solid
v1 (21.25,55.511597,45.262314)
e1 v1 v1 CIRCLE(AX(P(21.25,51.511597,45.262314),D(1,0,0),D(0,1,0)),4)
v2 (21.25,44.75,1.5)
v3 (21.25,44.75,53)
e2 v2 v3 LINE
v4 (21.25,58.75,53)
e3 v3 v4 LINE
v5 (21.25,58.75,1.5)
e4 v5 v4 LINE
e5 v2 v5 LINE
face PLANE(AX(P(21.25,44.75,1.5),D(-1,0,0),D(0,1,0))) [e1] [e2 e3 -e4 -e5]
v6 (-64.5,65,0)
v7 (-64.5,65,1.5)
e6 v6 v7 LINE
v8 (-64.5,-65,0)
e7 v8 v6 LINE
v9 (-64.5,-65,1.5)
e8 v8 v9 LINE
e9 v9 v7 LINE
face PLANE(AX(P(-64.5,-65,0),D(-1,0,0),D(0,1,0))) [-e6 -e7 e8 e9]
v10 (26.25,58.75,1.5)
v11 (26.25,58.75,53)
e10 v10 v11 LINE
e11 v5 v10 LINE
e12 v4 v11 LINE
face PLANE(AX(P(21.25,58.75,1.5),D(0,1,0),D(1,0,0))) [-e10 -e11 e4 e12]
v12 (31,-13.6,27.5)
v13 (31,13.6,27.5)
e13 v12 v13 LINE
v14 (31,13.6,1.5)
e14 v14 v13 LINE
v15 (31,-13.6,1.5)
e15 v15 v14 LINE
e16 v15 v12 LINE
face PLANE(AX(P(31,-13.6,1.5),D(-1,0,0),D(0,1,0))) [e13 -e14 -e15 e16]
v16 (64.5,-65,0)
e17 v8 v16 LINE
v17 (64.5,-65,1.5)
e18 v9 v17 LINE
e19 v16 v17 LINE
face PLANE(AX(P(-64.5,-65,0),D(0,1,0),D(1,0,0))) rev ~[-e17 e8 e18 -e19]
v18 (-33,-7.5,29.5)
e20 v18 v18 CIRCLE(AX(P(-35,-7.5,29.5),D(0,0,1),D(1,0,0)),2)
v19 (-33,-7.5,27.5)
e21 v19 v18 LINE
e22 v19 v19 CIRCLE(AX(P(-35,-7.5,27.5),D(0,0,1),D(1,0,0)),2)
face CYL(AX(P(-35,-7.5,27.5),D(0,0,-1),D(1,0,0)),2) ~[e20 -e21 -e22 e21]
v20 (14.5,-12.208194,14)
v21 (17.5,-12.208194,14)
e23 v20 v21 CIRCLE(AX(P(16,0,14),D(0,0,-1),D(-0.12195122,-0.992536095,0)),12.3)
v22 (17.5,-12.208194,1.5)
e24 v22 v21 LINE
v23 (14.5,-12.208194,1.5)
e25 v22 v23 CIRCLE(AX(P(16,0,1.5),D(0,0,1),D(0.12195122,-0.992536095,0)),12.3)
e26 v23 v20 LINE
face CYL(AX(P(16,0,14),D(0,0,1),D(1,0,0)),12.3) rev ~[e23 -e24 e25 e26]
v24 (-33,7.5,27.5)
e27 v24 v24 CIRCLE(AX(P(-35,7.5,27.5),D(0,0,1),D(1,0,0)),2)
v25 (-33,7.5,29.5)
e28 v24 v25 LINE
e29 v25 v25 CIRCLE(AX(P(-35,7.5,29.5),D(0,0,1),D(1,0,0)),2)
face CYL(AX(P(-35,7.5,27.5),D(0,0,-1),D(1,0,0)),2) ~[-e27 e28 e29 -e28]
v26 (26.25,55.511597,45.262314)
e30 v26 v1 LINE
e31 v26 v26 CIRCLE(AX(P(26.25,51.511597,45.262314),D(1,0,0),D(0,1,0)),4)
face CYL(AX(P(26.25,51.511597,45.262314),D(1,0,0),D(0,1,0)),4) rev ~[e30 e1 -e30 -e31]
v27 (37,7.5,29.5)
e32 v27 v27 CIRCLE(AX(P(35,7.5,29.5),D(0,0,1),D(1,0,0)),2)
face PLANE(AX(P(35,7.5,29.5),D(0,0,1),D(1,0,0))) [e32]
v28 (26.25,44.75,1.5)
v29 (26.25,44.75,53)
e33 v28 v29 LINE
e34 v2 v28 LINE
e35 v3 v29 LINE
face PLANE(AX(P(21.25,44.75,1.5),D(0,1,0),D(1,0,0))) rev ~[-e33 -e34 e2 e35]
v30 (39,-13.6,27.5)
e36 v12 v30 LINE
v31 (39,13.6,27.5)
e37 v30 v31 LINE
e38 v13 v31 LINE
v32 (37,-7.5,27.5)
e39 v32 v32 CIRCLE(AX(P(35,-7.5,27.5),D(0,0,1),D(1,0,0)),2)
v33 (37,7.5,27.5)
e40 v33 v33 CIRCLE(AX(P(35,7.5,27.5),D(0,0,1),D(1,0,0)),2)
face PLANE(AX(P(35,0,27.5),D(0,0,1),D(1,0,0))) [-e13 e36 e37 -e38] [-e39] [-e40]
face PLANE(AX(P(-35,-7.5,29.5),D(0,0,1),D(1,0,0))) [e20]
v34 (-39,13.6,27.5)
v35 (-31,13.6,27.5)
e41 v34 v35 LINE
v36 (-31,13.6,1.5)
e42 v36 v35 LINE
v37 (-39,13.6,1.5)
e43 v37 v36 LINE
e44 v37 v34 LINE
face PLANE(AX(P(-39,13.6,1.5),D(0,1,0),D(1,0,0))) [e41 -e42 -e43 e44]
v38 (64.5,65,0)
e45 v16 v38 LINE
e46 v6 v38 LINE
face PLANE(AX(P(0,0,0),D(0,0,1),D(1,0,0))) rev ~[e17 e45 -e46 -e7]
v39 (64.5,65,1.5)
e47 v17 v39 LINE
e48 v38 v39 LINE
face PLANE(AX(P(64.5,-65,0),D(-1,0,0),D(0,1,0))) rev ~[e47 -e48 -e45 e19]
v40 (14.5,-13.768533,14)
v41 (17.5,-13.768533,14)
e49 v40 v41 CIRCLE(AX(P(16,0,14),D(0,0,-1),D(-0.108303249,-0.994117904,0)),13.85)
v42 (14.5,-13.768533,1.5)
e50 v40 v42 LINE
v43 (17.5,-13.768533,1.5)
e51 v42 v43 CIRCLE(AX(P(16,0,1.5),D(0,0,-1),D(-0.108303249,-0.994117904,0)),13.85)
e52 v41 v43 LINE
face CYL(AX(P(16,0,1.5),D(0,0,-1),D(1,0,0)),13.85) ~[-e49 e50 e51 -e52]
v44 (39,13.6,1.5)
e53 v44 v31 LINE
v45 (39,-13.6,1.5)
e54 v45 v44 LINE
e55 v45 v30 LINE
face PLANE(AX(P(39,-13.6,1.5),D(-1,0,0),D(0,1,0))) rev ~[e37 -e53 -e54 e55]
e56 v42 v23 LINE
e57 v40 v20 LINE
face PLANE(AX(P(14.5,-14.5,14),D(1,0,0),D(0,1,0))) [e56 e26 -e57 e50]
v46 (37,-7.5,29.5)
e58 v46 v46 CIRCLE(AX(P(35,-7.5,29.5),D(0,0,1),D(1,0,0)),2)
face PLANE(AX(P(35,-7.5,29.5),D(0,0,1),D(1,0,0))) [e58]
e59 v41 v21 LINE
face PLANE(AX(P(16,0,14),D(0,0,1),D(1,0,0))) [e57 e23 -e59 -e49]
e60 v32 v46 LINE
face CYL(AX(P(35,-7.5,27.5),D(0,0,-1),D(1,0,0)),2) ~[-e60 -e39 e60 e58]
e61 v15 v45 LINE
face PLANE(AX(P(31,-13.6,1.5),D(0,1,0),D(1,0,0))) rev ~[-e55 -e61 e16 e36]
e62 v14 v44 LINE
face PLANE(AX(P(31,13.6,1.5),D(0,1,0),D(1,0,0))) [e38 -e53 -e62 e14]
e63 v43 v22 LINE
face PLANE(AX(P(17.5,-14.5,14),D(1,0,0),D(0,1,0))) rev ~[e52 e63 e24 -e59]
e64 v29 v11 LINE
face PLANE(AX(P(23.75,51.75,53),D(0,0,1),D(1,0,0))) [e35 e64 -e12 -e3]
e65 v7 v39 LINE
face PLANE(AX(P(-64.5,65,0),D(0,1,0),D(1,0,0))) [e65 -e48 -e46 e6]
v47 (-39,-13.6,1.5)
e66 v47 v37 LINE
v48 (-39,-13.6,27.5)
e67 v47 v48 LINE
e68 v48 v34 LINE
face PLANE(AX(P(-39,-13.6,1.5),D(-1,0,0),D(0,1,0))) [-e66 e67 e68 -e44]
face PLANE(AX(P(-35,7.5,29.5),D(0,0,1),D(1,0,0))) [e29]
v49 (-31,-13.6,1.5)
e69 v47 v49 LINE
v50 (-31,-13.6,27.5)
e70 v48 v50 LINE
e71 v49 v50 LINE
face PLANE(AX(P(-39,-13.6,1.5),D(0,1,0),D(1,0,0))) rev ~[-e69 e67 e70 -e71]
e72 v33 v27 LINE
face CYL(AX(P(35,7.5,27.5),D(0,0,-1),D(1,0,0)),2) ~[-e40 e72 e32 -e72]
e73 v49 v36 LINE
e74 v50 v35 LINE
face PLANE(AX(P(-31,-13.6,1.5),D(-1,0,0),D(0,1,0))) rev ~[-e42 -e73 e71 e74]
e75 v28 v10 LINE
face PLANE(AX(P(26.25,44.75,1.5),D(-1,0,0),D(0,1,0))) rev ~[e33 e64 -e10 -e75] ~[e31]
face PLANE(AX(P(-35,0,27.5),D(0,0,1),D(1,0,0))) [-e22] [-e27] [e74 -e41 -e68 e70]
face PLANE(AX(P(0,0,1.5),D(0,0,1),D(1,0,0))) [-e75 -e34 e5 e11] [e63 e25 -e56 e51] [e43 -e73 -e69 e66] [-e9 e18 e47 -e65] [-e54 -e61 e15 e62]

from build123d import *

# Parameters (mm, degrees)
SKETCH_W        = 129
SKETCH_H        = 130
PAD_DEPTH       = 1.5
SKETCH001_R     = 13.85
PAD001_DEPTH    = 12.5
SKETCH002_R     = 12.3
POCKET_DEPTH    = 12.5
SKETCH003_W     = 3
SKETCH003_H     = 3.5
POCKET001_DEPTH = 12.5
SKETCH004_W     = 8
SKETCH004_H     = 27.2
PAD002_DEPTH    = 26
SKETCH005_R     = 2
PAD003_DEPTH    = 2
SKETCH006_W     = 5
SKETCH006_H     = 14
PAD004_DEPTH    = 51.5
SKETCH007_R     = 4
POCKET002_DEPTH = 5


with BuildPart() as part:
    # Sketch → Pad (new body)
    with BuildSketch(Plane.XY):
        Rectangle(SKETCH_W, SKETCH_H)
    extrude(amount=PAD_DEPTH)

    # Sketch001 (on Face6 of Pad) → Pad001 (join)
    with BuildSketch(Plane.XY.offset(1.5)):
        with Locations((16, 0)):
            Circle(SKETCH001_R)
    extrude(amount=PAD001_DEPTH)

    # Sketch002 (on Face8 of Pad001) → Pocket (cut)
    with BuildSketch(Plane.XY.offset(14)):
        with Locations((16, 0)):
            Circle(SKETCH002_R)
    extrude(amount=-POCKET_DEPTH, mode=Mode.SUBTRACT)

    # Sketch003 (on Face8 of Pocket) → Pocket001 (cut)
    with BuildSketch(Plane.XY.offset(14)):
        with Locations((16, -12.75)):
            Rectangle(SKETCH003_W, SKETCH003_H)
    extrude(amount=-POCKET001_DEPTH, mode=Mode.SUBTRACT)

    # Sketch004 (on Face5 of Pocket001) → Pad002 (join)
    with BuildSketch(Plane.XY.offset(1.5)):
        with Locations((35, 0)):
            Rectangle(SKETCH004_W, SKETCH004_H)
        with Locations((-35, 0)):
            Rectangle(SKETCH004_W, SKETCH004_H)
    extrude(amount=PAD002_DEPTH)

    # Sketch005 (on Face23 of Pad002) → Pad003 (join)
    with BuildSketch(Plane.XY.offset(27.5)):
        with Locations((35, 7.5)):
            Circle(SKETCH005_R)
        with Locations((35, -7.5)):
            Circle(SKETCH005_R)
        with Locations((-35, 7.5)):
            Circle(SKETCH005_R)
        with Locations((-35, -7.5)):
            Circle(SKETCH005_R)
    extrude(amount=PAD003_DEPTH)

    # Sketch006 (on Face5 of Pad003) → Pad004 (join)
    with BuildSketch(Plane.XY.offset(1.5)):
        with Locations((23.75, 51.75)):
            Rectangle(SKETCH006_W, SKETCH006_H)
    extrude(amount=PAD004_DEPTH)

    # Sketch007 (on Face15 of Pad004) → Pocket002 (cut)
    with BuildSketch(Plane.YZ.offset(26.25)):
        with Locations((51.511597, 45.262314)):
            Circle(SKETCH007_R)
    extrude(amount=-POCKET002_DEPTH, mode=Mode.SUBTRACT)


solid = part.part
